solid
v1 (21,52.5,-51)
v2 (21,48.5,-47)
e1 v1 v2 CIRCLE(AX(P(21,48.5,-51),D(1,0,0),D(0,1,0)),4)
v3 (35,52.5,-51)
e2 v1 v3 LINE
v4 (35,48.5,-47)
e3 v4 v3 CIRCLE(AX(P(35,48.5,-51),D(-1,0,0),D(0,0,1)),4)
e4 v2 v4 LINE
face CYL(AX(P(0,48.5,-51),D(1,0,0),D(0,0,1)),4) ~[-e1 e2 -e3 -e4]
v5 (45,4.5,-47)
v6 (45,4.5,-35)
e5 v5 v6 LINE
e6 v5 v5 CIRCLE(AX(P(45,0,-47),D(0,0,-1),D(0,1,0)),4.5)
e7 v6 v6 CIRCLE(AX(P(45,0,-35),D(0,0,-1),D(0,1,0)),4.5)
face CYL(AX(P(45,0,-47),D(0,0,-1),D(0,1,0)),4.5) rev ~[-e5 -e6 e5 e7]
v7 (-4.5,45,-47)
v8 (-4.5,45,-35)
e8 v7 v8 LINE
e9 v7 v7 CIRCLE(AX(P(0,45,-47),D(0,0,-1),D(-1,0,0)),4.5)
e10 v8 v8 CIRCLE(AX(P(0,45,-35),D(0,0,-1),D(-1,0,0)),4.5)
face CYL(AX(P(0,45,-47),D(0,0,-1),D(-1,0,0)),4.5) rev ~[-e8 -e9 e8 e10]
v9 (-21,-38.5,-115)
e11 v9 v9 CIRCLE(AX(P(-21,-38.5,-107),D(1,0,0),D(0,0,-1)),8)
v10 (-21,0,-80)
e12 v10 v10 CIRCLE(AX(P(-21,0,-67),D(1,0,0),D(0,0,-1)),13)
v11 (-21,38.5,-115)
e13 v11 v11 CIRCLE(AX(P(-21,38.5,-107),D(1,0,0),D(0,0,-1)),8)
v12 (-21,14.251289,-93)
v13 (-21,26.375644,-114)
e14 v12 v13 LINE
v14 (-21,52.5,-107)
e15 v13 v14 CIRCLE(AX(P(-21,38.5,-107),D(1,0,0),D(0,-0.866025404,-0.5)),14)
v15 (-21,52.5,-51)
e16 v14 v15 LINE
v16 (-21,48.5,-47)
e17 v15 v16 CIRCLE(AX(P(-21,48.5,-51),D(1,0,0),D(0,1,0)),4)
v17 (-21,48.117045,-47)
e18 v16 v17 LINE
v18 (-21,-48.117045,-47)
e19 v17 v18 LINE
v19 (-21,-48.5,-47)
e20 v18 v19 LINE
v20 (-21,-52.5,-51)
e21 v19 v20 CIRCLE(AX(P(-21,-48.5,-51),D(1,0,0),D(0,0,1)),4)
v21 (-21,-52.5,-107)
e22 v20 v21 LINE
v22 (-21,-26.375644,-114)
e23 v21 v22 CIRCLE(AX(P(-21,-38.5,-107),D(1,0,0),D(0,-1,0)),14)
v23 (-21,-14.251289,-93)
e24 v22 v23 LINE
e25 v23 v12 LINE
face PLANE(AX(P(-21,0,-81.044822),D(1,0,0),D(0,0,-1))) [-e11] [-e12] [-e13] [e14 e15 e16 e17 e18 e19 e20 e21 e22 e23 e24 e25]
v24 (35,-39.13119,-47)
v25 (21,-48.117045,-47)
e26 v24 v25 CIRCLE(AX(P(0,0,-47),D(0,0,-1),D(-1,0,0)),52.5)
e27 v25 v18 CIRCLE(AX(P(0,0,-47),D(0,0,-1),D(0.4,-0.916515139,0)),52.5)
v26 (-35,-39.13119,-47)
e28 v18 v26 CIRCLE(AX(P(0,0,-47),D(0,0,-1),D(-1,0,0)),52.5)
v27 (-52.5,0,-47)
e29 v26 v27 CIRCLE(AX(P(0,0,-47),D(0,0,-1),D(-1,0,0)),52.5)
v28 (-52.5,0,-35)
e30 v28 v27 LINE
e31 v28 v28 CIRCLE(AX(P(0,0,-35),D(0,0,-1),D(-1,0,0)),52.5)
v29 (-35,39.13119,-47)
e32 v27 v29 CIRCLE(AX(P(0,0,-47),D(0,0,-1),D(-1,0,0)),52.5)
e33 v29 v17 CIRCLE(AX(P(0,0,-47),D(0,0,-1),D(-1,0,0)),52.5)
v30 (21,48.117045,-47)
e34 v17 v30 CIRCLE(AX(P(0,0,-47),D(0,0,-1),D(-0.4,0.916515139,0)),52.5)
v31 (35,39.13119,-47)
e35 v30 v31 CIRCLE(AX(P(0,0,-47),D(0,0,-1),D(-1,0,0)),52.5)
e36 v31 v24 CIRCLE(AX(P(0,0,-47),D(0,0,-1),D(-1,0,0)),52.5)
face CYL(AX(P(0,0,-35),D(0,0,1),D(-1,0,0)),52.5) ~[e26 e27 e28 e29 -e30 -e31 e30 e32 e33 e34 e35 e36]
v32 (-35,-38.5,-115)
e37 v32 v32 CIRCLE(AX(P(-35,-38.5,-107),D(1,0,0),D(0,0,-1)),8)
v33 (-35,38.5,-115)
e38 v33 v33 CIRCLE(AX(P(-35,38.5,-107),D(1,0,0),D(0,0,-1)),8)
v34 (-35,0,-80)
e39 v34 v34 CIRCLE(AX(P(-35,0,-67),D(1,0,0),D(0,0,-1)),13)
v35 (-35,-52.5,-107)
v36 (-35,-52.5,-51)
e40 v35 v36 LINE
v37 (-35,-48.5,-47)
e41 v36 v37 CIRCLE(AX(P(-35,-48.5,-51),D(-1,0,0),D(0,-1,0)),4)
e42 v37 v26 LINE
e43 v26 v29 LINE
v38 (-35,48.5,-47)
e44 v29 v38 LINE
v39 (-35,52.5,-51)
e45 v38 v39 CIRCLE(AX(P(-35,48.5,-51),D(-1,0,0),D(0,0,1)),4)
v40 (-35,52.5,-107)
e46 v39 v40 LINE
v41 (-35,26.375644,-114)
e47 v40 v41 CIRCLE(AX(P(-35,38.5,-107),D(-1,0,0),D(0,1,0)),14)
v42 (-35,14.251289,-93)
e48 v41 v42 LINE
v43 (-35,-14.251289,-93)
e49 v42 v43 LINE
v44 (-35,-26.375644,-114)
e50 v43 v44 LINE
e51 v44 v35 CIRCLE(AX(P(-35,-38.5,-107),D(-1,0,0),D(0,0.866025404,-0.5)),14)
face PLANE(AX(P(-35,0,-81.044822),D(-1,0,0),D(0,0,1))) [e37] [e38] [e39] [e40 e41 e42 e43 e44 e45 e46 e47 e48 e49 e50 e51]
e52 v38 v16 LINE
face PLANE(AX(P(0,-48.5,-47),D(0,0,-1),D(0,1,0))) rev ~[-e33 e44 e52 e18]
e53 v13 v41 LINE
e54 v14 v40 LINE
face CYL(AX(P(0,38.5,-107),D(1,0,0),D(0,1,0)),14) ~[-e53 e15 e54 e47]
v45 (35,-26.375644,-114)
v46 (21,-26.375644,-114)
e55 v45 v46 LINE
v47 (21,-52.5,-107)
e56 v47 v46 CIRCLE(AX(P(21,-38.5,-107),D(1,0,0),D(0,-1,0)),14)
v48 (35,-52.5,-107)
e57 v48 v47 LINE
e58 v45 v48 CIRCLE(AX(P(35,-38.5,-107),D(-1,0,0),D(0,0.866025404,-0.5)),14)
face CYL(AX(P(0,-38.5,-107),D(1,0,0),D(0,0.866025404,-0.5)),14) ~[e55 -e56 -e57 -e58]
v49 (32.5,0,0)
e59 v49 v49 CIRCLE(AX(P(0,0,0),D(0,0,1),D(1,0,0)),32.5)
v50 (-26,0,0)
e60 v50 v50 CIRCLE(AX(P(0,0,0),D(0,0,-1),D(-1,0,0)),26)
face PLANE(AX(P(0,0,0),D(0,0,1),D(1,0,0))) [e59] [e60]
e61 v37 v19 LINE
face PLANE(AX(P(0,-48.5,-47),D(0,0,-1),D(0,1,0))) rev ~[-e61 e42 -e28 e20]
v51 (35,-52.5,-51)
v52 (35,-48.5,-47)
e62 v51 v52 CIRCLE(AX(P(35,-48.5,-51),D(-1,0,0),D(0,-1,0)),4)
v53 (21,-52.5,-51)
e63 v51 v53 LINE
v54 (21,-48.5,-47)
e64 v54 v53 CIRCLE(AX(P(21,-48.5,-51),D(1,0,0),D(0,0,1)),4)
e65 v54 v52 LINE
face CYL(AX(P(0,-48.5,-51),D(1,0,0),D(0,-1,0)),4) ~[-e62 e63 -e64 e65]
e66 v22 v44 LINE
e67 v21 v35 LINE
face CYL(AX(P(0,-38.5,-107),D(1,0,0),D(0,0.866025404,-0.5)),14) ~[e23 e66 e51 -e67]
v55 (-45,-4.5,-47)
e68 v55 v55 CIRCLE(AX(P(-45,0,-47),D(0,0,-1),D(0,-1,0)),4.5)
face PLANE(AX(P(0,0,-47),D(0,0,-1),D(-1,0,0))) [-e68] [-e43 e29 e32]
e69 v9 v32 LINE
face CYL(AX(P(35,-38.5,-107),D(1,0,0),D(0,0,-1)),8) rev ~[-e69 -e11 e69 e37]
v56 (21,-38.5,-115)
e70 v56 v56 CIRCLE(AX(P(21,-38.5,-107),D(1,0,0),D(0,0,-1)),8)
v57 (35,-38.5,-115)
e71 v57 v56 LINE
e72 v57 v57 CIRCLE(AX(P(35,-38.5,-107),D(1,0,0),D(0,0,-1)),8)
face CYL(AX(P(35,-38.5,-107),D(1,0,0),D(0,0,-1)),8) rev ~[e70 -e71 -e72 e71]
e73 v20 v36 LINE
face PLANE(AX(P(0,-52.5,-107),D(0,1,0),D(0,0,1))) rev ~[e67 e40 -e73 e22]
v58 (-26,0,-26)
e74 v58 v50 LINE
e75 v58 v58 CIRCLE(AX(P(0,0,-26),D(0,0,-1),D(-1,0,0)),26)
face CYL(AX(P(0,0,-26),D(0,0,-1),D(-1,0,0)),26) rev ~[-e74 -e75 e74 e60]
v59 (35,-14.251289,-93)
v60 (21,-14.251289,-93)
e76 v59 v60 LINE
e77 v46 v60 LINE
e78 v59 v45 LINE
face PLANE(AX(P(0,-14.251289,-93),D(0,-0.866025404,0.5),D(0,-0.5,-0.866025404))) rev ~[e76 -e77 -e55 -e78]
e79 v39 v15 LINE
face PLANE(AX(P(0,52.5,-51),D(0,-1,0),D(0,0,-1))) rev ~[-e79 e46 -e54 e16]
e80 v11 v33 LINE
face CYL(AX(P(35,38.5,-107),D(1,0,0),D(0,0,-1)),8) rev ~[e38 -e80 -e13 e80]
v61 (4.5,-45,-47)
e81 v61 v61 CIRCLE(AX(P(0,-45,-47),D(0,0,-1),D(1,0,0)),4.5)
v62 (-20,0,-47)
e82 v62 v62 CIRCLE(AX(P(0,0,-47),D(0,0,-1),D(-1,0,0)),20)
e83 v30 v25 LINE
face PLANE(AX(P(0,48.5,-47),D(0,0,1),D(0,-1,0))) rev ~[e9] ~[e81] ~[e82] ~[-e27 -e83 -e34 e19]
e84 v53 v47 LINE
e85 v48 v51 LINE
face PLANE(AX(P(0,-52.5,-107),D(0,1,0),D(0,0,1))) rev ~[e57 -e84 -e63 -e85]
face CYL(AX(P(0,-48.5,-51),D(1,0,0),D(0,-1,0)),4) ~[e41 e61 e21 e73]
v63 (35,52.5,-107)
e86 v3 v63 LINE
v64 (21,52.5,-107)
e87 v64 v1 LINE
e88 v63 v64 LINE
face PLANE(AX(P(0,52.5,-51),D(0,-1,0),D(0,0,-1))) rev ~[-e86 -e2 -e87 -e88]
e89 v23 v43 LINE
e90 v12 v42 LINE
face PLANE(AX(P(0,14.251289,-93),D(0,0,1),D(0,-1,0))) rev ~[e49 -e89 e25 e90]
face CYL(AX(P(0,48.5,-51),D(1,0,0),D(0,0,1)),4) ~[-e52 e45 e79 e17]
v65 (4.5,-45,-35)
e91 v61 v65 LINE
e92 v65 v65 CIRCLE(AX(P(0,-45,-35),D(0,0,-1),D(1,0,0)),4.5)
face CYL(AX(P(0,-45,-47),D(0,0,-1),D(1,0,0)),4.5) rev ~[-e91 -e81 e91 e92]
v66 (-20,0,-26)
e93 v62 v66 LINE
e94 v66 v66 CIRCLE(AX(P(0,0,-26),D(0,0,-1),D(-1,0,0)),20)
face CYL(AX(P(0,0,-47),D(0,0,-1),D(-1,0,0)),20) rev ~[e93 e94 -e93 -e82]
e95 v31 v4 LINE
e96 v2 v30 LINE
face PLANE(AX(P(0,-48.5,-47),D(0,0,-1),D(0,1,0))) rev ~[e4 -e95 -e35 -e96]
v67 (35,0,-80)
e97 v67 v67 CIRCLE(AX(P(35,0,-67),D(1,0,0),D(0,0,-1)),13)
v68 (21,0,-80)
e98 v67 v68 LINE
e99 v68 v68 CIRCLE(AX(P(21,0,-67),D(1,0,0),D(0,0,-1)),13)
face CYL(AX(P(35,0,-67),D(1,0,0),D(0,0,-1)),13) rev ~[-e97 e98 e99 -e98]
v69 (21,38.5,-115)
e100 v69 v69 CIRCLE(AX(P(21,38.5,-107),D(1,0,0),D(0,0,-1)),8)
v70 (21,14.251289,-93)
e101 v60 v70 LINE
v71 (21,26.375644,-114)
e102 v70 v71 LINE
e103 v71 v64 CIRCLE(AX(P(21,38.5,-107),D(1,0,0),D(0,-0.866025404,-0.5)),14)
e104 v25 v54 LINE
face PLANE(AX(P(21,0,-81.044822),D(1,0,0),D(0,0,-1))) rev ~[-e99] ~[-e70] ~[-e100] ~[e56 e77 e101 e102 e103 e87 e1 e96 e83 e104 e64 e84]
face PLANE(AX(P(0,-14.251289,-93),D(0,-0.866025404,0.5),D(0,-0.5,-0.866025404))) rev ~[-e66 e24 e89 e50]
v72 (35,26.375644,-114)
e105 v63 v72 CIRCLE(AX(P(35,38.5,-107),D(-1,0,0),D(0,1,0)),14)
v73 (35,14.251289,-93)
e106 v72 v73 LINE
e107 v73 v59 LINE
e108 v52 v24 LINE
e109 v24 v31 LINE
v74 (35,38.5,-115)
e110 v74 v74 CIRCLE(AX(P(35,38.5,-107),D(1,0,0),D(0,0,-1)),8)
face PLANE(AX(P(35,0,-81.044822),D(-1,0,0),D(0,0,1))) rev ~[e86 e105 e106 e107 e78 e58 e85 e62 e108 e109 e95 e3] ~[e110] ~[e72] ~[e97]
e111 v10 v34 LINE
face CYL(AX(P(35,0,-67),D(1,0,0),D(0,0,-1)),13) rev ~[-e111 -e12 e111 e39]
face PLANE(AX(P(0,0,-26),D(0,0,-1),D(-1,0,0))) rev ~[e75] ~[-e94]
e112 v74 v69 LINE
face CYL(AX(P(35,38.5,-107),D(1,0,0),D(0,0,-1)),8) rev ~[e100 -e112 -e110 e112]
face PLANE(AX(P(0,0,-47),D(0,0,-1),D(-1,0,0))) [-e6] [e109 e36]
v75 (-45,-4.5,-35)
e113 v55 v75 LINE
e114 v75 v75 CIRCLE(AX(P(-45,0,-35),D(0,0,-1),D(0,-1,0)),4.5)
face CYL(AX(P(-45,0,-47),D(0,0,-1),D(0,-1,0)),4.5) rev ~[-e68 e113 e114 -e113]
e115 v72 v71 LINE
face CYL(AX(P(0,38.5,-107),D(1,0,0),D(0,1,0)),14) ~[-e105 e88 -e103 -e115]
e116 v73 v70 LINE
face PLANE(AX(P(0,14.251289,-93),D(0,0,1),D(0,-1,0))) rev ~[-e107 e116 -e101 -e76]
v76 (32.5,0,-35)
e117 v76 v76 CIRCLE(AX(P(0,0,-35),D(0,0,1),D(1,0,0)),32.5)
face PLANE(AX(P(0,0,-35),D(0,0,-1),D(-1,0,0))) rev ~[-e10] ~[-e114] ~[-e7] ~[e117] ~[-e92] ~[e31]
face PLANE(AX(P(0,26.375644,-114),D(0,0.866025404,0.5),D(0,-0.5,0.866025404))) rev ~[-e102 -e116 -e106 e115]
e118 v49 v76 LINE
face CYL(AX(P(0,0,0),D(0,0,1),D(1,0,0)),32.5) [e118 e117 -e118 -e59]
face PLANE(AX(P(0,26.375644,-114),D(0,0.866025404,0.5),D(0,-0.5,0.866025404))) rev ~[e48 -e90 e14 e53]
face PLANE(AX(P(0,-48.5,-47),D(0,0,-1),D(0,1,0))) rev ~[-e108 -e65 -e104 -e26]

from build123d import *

# Parameters (mm, degrees)
SKETCH_1_R               = 32.5
EXTRUDE_1_DEPTH          = 35
SKETCH_2_R               = 52.5
EXTRUDE_2_DEPTH          = 12
EXTRUDE_3_DEPTH          = 35
CUT_EXTRUDE_2_DEPTH      = 21
SKETCH_7_R               = 8
SKETCH_7_R_2             = 13
CUT_EXTRUDE_3_DEPTH      = 88.5
SKETCH_8_R               = 4.5
CUT_EXTRUDE_4_DEPTH      = 48
PATTERN_CIRCULAR_1_COUNT = 4
SKETCH_9_R               = 20
CUT_EXTRUDE_5_DEPTH      = 21
SKETCH_10_R              = 26
CUT_EXTRUDE_6_DEPTH      = 27


with BuildPart() as part:
    # 草图1 → 凸台-拉伸1 (new body)
    with BuildSketch(Plane.XY):
        Circle(SKETCH_1_R)
    extrude(amount=-EXTRUDE_1_DEPTH)

    # 草图2 → 凸台-拉伸2 (add)
    with BuildSketch(Plane(origin=(0, 0, -35), x_dir=(-1, 0, 0), z_dir=(0, 0, -1))):
        Circle(SKETCH_2_R)
    extrude(amount=EXTRUDE_2_DEPTH)

    # 草图4 → 凸台-拉伸3 (add, symmetric)
    with BuildSketch(Plane(origin=(0, 0, 0), x_dir=(0, 0, -1), z_dir=(1, 0, 0))):
        with BuildLine():
            Line((51, 52.5), (107, 52.5))
            ThreePointArc((107, 52.5), (120.522961568, 42.123466631), (114, 26.375644347))
            Line((114, 26.375644347), (93, 14.251288694))
            Line((93, 14.251288694), (93, -14.251288694))
            Line((93, -14.251288694), (114, -26.375644347))
            ThreePointArc((114, -26.375644347), (120.522961568, -42.123466631), (107, -52.5))
            Line((107, -52.5), (51, -52.5))
            ThreePointArc((51, -52.5), (48.171572875, -51.328427125), (47, -48.5))
            Line((47, -48.5), (47, 48.5))
            ThreePointArc((47, 48.5), (48.171572875, 51.328427125), (51, 52.5))
        make_face()
    extrude(amount=EXTRUDE_3_DEPTH, both=True)

    # 草图6 → 切除-拉伸2 (cut, symmetric)
    with BuildSketch(Plane(origin=(0, 0, 0), x_dir=(0, 0, -1), z_dir=(1, 0, 0))):
        with BuildLine():
            Line((107, 52.5), (51, 52.5))
            ThreePointArc((51, 52.5), (48.171572875, 51.328427125), (47, 48.5))
            Line((47, 48.5), (47, 39.131189606))
            Line((47, 39.131189606), (47, -39.131189606))
            Line((47, -39.131189606), (47, -48.5))
            ThreePointArc((47, -48.5), (48.171572875, -51.328427125), (51, -52.5))
            Line((51, -52.5), (107, -52.5))
            ThreePointArc((107, -52.5), (120.522961568, -42.123466631), (114, -26.375644347))
            Line((114, -26.375644347), (93, -14.251288694))
            Line((93, -14.251288694), (93, 14.251288694))
            Line((93, 14.251288694), (114, 26.375644347))
            ThreePointArc((114, 26.375644347), (120.522961568, 42.123466631), (107, 52.5))
        make_face()
    extrude(amount=CUT_EXTRUDE_2_DEPTH, both=True, mode=Mode.SUBTRACT)

    # 草图7 → 切除-拉伸3 (cut, through all)
    with BuildSketch(Plane(origin=(35, 0, 0), x_dir=(0, 0, -1), z_dir=(1, 0, 0))):
        with Locations((107, 38.5)):
            Circle(SKETCH_7_R)
        with Locations((107, -38.5)):
            Circle(SKETCH_7_R)
        with Locations((67, 0)):
            Circle(SKETCH_7_R_2)
    extrude(amount=-CUT_EXTRUDE_3_DEPTH, mode=Mode.SUBTRACT)

    # 草图8 → 切除-拉伸4 (cut, through all)
    with BuildSketch(Plane(origin=(0, 0, -47), x_dir=(-1, 0, 0), z_dir=(0, 0, -1))):
        with Locations((0, 45)):
            Circle(SKETCH_8_R)
    cut_extrude_4 = extrude(amount=-CUT_EXTRUDE_4_DEPTH, mode=Mode.SUBTRACT)

    # 阵列(圆周)1: 切除-拉伸4 ×4 about axis
    pattern_circular_1_axis = Axis((0, 0, 0), (0, 0, 1))
    for i in range(1, PATTERN_CIRCULAR_1_COUNT):
        add(cut_extrude_4.rotate(pattern_circular_1_axis, i * 360 / PATTERN_CIRCULAR_1_COUNT), mode=Mode.SUBTRACT)

    # 草图9 → 切除-拉伸5 (cut)
    with BuildSketch(Plane(origin=(0, 0, -47), x_dir=(-1, 0, 0), z_dir=(0, 0, -1))):
        Circle(SKETCH_9_R)
    extrude(amount=-CUT_EXTRUDE_5_DEPTH, mode=Mode.SUBTRACT)

    # 草图10 → 切除-拉伸6 (cut, through all)
    with BuildSketch(Plane(origin=(0, 0, -26), x_dir=(-1, 0, 0), z_dir=(0, 0, -1))):
        Circle(SKETCH_10_R)
    extrude(amount=-CUT_EXTRUDE_6_DEPTH, mode=Mode.SUBTRACT)


solid = part.part
